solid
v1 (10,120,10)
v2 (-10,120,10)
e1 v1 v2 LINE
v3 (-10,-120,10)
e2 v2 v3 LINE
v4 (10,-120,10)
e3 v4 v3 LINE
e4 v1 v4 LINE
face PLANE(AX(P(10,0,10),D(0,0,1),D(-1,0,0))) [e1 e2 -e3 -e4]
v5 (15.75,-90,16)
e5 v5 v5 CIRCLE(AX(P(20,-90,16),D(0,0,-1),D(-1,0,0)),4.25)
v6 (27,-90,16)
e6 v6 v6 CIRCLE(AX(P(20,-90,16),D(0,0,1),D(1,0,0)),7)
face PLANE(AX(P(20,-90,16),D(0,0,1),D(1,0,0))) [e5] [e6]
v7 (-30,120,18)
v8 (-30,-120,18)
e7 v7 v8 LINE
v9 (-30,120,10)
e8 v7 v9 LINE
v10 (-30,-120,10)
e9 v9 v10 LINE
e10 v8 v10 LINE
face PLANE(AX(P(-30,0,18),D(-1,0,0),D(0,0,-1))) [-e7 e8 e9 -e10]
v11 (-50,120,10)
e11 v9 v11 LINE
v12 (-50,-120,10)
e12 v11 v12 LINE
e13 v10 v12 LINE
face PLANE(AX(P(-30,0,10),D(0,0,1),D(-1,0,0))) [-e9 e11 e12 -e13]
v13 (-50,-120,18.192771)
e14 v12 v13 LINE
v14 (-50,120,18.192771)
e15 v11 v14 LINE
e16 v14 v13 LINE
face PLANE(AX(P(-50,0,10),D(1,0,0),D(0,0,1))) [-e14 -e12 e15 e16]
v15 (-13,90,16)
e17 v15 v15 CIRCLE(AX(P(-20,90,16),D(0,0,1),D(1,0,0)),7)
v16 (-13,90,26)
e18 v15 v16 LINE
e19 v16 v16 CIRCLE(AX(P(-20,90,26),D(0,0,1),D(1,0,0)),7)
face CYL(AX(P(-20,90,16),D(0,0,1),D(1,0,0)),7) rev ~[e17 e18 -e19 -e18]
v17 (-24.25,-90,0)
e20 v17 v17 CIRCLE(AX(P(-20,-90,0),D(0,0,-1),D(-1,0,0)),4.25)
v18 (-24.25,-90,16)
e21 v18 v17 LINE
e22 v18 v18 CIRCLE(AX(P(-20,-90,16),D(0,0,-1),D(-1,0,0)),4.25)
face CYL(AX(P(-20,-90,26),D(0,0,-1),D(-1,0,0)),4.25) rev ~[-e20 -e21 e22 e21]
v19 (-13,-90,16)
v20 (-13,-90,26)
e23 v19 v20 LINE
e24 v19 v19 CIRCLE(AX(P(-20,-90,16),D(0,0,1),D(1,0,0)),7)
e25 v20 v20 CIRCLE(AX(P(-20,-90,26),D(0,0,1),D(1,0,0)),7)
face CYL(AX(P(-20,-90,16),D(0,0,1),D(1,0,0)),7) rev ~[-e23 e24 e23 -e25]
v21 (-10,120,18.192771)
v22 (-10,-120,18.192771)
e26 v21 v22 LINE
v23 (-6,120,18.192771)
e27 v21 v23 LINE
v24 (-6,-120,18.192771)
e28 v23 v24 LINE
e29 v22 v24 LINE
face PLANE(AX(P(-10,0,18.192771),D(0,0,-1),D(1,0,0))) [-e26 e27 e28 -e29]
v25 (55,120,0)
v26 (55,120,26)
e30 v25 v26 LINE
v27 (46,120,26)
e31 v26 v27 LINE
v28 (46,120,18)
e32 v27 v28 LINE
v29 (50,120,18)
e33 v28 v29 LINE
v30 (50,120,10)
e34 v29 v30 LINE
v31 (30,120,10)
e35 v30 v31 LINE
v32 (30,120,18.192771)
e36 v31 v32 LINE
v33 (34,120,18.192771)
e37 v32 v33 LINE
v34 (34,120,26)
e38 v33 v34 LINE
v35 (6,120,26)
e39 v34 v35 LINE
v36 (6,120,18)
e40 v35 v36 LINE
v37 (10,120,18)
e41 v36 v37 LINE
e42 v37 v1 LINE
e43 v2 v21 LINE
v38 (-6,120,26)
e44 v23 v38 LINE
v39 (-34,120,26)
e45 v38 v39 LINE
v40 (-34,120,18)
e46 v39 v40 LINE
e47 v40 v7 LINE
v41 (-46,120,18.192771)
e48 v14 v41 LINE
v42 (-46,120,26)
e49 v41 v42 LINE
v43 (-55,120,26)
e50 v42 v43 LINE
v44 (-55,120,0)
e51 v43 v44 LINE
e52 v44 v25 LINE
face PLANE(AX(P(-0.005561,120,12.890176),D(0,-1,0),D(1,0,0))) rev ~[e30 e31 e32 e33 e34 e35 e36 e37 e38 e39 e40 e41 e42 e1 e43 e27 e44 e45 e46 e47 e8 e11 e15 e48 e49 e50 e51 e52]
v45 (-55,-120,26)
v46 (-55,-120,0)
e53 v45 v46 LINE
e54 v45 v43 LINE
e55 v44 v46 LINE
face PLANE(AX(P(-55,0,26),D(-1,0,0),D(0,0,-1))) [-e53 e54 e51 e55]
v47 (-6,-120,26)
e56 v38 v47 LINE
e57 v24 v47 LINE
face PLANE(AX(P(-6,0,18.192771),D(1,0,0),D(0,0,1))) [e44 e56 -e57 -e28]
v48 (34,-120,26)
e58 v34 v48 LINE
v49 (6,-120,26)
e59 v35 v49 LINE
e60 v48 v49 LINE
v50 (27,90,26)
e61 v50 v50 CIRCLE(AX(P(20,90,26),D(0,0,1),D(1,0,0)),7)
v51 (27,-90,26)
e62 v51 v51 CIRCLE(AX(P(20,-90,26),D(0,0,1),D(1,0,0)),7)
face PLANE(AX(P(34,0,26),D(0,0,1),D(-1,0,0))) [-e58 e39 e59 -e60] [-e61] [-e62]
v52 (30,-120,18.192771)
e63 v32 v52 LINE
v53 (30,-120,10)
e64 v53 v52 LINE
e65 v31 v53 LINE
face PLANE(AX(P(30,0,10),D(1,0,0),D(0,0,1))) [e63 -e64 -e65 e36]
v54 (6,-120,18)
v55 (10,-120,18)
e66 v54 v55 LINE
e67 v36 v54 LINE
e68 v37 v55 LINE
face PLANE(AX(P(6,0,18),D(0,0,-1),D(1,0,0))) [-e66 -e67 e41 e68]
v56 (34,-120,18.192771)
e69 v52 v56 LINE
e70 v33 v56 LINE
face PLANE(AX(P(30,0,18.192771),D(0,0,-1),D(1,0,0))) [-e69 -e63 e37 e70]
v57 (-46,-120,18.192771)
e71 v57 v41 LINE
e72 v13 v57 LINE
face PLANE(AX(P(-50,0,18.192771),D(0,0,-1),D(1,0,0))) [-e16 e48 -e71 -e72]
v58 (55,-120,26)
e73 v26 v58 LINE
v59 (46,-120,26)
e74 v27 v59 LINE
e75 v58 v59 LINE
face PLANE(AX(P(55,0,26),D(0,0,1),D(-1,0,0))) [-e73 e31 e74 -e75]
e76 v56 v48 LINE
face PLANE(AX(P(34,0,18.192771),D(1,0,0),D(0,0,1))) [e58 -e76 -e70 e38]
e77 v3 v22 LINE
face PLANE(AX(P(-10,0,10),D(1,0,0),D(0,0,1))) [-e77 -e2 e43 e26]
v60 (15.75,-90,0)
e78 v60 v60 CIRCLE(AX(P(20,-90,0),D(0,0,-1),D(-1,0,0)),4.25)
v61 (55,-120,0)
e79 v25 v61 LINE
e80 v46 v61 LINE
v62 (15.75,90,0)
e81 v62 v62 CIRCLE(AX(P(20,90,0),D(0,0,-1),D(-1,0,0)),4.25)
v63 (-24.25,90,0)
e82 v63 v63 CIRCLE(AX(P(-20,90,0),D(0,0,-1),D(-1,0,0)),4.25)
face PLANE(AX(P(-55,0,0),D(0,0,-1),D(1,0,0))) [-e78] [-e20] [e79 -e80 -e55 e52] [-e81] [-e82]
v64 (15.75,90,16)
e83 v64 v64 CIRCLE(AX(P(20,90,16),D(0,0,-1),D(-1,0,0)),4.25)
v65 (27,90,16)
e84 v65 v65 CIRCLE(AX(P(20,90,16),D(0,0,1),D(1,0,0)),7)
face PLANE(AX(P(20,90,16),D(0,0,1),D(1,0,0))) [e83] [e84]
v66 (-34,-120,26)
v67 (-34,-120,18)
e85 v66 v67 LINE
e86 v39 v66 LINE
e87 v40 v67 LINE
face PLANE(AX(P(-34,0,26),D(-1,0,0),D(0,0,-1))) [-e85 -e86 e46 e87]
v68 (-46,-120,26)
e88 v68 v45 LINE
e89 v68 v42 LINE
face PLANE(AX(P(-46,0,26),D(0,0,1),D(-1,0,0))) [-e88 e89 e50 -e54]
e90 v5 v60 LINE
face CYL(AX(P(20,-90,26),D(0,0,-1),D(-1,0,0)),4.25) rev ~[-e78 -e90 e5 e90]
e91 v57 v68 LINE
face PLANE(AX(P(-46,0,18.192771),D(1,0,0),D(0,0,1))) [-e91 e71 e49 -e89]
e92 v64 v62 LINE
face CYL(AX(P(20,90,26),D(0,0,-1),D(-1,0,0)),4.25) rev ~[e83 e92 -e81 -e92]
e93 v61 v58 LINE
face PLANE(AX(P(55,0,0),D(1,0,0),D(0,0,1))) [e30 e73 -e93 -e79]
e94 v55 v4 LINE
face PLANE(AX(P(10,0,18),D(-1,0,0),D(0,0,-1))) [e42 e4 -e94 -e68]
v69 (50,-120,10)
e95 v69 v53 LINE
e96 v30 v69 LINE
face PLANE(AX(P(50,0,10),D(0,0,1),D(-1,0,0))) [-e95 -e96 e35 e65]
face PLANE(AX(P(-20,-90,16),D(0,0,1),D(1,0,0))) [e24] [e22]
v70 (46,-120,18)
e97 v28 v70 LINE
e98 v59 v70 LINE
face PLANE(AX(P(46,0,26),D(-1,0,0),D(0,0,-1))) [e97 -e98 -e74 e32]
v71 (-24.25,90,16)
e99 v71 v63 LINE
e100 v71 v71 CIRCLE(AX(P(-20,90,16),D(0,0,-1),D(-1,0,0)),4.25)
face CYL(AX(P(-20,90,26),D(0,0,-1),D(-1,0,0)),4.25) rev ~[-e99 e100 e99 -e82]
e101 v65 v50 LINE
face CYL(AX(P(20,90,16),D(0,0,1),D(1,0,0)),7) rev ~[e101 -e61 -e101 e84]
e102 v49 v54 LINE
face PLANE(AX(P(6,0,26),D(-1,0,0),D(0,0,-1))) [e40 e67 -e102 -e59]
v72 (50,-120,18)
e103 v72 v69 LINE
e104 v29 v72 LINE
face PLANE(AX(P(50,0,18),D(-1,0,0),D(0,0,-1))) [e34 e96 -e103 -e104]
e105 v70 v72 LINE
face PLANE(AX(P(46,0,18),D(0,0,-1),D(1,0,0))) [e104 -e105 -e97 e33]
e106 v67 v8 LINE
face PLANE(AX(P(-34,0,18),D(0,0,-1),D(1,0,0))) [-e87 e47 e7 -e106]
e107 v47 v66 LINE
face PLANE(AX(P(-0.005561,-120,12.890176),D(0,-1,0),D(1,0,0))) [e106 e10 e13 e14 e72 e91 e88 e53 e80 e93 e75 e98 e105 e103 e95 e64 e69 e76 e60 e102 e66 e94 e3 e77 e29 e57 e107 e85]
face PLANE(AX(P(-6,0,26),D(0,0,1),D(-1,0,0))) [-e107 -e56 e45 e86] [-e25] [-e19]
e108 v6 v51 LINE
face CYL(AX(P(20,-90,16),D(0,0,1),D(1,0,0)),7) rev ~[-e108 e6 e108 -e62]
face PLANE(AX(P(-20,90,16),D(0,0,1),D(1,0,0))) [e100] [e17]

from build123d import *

# Parameters (mm, degrees)
F1_DEPTH       = 120
F3_D           = 8.5
F3_CBORE_D     = 14
F3_CBORE_DEPTH = 10


with BuildPart() as f1:
    # F0 (on Front) → F1 (new body, symmetric)
    with BuildSketch(Plane.XZ):
        Polygon((-55, 26), (-55, 0), (55, 0), (55, 26), (46, 26), (46, 18), (50, 18), (50, 10), (30, 10), (30, 18.192771), (34, 18.192771), (34, 26), (6, 26), (6, 18), (10, 18), (10, 10), (-10, 10), (-10, 18.192771), (-6, 18.192771), (-6, 26), (-34, 26), (-34, 18), (-30, 18), (-30, 10), (-50, 10), (-50, 18.192771), (-46, 18.192771), (-46, 26), align=None)
    extrude(amount=F1_DEPTH, both=True)

    # F3 (through all)
    with Locations(Plane.XY.offset(26)):
        with Locations((-20, -90), (20, -90), (-20, 90), (20, 90)):
            CounterBoreHole(F3_D / 2, F3_CBORE_D / 2, F3_CBORE_DEPTH)


with BuildPart() as f4_1:
    # F4: copy of F1
    add(f1.part)


solid = f1.part
